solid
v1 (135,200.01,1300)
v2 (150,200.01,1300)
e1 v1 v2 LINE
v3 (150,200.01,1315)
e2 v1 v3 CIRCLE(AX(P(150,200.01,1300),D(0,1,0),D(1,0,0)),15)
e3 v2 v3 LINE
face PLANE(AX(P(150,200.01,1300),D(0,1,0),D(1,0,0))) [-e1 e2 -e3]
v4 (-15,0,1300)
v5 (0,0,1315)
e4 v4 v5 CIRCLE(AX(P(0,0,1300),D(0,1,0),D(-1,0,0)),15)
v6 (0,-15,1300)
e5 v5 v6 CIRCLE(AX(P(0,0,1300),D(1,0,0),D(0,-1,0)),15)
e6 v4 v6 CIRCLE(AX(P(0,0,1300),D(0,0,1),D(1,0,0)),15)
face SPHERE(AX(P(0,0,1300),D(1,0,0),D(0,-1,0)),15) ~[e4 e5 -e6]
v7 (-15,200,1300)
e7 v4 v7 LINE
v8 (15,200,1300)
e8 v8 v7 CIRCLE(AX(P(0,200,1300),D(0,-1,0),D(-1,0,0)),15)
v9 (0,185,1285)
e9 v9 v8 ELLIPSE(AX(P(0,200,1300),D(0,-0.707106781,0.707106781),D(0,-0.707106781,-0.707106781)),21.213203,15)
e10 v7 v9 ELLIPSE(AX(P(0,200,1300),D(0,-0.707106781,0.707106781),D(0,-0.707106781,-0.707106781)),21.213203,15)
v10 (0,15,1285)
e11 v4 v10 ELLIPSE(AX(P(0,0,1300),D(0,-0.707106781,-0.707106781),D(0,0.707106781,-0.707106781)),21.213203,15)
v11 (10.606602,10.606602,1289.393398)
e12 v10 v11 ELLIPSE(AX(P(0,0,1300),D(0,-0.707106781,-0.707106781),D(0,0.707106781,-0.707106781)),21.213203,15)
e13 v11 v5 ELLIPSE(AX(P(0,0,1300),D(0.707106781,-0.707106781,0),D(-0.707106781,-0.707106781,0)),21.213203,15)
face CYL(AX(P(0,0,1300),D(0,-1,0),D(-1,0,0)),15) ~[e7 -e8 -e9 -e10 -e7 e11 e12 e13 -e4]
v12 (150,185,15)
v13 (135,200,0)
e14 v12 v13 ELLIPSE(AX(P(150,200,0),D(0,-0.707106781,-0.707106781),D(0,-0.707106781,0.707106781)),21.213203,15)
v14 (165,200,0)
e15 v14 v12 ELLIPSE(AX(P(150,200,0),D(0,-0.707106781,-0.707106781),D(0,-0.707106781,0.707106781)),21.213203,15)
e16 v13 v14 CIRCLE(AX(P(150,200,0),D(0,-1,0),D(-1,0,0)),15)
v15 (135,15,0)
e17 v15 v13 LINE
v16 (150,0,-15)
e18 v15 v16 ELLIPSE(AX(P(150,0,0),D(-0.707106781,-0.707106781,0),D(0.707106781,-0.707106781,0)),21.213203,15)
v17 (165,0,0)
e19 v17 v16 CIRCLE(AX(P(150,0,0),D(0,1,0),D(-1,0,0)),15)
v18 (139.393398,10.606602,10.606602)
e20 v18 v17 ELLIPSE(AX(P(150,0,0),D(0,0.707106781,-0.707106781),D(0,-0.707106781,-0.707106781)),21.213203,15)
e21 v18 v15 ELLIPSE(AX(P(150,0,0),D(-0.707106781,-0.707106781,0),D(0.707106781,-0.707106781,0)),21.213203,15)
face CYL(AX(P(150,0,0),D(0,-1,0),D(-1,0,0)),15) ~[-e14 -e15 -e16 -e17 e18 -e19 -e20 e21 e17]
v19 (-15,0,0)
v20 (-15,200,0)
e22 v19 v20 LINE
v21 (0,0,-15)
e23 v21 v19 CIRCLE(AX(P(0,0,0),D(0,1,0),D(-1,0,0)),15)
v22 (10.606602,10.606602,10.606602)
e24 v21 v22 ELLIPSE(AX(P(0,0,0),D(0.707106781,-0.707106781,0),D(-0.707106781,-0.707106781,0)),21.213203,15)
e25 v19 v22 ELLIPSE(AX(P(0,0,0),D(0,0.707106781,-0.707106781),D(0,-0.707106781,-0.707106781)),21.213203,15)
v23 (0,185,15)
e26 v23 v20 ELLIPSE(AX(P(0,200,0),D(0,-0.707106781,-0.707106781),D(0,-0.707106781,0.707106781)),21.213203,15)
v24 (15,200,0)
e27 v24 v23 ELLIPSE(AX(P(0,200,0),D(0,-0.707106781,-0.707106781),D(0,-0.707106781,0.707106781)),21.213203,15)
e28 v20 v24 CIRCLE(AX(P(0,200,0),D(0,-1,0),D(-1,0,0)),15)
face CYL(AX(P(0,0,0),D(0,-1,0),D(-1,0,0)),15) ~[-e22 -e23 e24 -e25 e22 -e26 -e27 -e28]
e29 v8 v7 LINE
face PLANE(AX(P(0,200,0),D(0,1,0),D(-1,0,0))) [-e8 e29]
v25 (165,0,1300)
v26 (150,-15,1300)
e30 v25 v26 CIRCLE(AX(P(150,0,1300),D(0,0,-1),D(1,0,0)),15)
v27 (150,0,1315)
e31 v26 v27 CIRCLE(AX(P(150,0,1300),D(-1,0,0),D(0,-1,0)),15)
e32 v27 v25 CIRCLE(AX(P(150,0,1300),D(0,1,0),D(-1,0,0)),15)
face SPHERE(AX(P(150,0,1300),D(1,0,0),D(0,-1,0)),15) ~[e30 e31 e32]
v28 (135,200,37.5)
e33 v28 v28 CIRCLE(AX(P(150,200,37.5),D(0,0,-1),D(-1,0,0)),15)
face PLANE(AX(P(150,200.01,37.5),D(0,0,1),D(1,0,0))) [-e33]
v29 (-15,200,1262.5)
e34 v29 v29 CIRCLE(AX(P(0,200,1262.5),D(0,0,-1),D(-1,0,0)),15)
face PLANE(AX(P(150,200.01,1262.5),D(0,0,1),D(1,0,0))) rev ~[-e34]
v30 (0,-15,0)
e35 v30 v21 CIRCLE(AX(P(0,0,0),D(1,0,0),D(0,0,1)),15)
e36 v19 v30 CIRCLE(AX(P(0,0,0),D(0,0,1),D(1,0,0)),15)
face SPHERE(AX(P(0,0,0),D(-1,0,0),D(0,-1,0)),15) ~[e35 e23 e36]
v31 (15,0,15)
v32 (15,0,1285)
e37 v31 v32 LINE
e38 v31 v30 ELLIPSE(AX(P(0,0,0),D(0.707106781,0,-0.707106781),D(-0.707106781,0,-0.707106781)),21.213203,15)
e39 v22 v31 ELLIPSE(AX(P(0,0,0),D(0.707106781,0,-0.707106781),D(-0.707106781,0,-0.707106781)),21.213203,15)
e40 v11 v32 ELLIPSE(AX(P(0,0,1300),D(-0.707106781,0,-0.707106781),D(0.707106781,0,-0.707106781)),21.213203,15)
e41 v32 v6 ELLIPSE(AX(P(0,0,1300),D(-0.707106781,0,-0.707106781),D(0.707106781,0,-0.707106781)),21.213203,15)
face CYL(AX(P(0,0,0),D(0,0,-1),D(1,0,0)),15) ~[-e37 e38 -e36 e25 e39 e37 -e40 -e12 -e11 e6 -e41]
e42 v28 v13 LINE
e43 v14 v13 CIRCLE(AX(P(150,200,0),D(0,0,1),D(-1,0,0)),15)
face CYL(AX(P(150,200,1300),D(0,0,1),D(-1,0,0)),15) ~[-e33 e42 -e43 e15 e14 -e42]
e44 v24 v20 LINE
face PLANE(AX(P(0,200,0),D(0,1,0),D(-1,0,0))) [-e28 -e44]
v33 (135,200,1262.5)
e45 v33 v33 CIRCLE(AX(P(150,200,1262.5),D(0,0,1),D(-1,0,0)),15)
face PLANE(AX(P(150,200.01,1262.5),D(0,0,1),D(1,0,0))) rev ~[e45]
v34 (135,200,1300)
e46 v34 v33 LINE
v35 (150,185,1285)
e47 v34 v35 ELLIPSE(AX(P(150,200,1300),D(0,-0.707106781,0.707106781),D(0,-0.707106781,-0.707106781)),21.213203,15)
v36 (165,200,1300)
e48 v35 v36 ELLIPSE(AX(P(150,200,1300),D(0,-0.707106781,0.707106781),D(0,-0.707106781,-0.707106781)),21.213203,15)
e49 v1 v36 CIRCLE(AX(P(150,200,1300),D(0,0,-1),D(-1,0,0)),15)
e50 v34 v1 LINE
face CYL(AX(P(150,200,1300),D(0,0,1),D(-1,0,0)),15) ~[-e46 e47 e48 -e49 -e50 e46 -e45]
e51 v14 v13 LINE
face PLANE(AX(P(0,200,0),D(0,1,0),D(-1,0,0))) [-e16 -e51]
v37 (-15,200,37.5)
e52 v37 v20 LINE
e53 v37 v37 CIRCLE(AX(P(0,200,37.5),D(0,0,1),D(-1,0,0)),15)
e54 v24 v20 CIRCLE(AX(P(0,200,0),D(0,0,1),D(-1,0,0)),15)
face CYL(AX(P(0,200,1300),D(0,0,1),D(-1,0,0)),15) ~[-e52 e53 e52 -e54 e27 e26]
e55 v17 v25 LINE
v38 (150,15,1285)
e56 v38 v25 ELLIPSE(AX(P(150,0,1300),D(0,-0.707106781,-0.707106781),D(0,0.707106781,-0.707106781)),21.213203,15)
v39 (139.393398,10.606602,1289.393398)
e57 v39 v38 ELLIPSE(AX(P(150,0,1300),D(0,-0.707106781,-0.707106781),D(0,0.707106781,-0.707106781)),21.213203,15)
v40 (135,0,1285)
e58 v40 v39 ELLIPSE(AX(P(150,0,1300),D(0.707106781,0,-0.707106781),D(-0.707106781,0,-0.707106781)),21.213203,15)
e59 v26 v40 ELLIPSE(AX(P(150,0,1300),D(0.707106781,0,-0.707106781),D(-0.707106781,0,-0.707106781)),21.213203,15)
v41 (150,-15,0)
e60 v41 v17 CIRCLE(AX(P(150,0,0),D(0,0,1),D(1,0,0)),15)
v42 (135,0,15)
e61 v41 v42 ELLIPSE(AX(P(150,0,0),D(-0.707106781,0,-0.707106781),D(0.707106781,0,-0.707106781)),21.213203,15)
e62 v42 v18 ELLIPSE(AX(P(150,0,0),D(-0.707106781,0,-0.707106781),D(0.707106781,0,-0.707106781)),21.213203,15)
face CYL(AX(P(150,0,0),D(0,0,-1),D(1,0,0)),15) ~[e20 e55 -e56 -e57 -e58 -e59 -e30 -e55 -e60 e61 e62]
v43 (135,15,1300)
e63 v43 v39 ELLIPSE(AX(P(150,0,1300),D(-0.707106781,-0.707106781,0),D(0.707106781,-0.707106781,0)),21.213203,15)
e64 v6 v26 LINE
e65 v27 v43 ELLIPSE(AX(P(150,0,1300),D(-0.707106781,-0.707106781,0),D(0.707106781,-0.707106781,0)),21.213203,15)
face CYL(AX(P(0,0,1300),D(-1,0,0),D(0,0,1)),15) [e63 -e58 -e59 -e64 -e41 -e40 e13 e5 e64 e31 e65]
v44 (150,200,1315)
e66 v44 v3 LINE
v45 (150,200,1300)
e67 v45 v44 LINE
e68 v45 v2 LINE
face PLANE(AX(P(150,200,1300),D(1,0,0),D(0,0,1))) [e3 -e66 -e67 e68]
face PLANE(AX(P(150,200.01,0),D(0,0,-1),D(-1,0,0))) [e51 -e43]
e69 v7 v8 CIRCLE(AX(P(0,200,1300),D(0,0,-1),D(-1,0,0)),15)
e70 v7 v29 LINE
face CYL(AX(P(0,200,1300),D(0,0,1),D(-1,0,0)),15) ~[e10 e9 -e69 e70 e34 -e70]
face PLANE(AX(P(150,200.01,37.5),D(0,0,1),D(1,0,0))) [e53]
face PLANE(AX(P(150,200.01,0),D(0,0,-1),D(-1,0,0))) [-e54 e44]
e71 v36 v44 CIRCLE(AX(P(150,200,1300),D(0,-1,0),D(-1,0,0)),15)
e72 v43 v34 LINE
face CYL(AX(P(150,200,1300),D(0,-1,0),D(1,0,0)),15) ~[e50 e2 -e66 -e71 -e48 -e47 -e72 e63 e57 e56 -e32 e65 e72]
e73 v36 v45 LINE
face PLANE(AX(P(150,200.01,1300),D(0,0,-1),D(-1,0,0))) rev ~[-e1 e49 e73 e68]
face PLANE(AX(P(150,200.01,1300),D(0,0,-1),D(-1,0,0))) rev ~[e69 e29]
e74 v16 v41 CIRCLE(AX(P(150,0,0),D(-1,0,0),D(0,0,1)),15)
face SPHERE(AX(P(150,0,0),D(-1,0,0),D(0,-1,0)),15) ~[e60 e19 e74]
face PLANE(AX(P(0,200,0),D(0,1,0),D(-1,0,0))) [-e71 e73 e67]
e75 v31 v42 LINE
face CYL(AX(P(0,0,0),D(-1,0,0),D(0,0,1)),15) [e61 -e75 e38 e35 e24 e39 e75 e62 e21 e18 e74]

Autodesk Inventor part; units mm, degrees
sketch "Sketch1" plane through (0, 0, 0) normal (0, 0, 1) x (1, 0, 0)
  circle A0 centre (0, 0) radius 15
  circle A1 centre (150, 0) radius 15
  line L0 (0, 0) -> (150, 0)
  dimension "d0" = 30
  dimension "d3" = 30
  dimension "d4" = 150
extrude "Extrusion1" add sketch "Sketch1" along normal blind 1300
sketch "Sketch2" plane through (0, 0, 0) normal (0, 1, 0) x (-1, 0, 0)
  line L0 (15, 1300) -> (-15, 1300) projected
  line L1 (-15, 0) -> (15, 0) projected
  line L2 (-135, 1300) -> (-165, 1300) projected
  line L3 (-165, 0) -> (-135, 0) projected
  circle A0 centre (0, 0) radius 15
  line L4 (-165, 0) -> (-135, 0) projected
  circle A1 centre (-150, 0) radius 15
  line L5 (15, 1300) -> (-15, 1300) projected
  circle A2 centre (0, 1300) radius 15
  line L6 (-135, 1300) -> (-165, 1300) projected
  circle A3 centre (-150, 1300) radius 15
extrude "Extrusion2" add sketch "Sketch2" along normal blind 200
sketch "Sketch3" plane through (0, 0, 1300) normal (0, 0, 1) x (1, 0, 0)
  line L0 (135, 0) -> (165, 0) projected
  line L1 (165, 0) -> (135, 0) projected
  arc A0 (135, 0) -> (165, 0) centre (150, 0) ccw projected
  line L2 (15, 0) -> (-15, 0) projected
  arc A1 (-15, 0) -> (15, 0) centre (0, 0) ccw projected
  circle A2 centre (150, 0) radius 15
  line L3 (165, 0) -> (135, 0)
  circle A3 centre (0, 0) radius 15
  line L4 (15, 0) -> (-15, 0)
revolve "Revolution1" add sketch "Sketch3" angle 90 about axis through (135, 0, 1300) along (-1, 0, 0) contours L0 A0 | A1 L2
sketch "Sketch4" plane through (0, 0, 0) normal (0, 0, -1) x (-1, 0, 0)
  line L0 (15, 0) -> (-15, 0) projected
  arc A0 (-15, 0) -> (15, 0) centre (0, 0) ccw projected
  line L1 (-135, 0) -> (-165, 0) projected
  arc A1 (-165, 0) -> (-135, 0) centre (-150, 0) ccw projected
  circle A2 centre (0, 0) radius 15
  circle A3 centre (-150, 0) radius 15
  line L2 (-165, 0) -> (-135, 0)
  line L3 (15, 0) -> (-15, 0)
revolve "Revolution2" add sketch "Sketch4" angle 90 about axis through (-15, 0, 0) along (1, 0, 0) contours A0 L0 | A1 L1
sketch "Sketch5" plane through (150, 200, 1300) normal (0, 1, 0) x (1, 0, 0)
  circle A0 centre (0, 0) radius 15 projected
  circle A1 centre (0, 0) radius 15
  line L0 (-15, 0) -> (0, 0)
  line L1 (0, 0) -> (0, -15)
  point P0 (-150, 1300)
  point P1 (15, 0)
extrude "Extrusion4" add sketch "Sketch5" along normal blind 0.01 contours L0 L1 A0 picked at (-1.1126, -9.8746)
ref_plane "Work Plane1" through (150, 200.01, 1300) normal (0, 0, -1) x (-1, 0, 0)
sketch "Sketch6" plane through (150, 200.01, 1300) normal (0, 0, -1) x (-1, 0, 0)
  line L0 (15, -0.01) -> (-15, -0.01) projected
  line L1 (165, -0.01) -> (135, -0.01) projected
  circle A0 centre (150, -0.01) radius 15
  circle A1 centre (0, -0.01) radius 15
  point P0 (150, -200.01)
extrude "Extrusion5" add sketch "Sketch6" along normal blind 1300
ref_plane "Work Plane2" through (150, 200.01, 650) normal (0, 0, 1) x (1, 0, 0)
sketch "Sketch7" plane through (150, 200.01, 650) normal (0, 0, 1) x (1, 0, 0)
  arc A0 (15, -0.01) -> (-15, -0.01) centre (0, -0.01) ccw projected
  arc A1 (-15, -0.01) -> (15, -0.01) centre (0, -0.01) ccw projected
  line L0 (15, -0.01) -> (-15, -0.01) projected
  arc A2 (15, -200.01) -> (-15, -200.01) centre (0, -200.01) ccw projected
  line L1 (-15, -200.01) -> (15, -200.01) projected
  circle A3 centre (0, -0.01) radius 15
  line L2 (-165, -0.01) -> (-135, -0.01) projected
  arc A4 (-135, -0.01) -> (-165, -0.01) centre (-150, -0.01) ccw projected
  arc A5 (-165, -0.01) -> (-135, -0.01) centre (-150, -0.01) ccw projected
  line L3 (-135, -0.01) -> (-165, -0.01) projected
  arc A6 (-135, -200.01) -> (-165, -200.01) centre (-150, -200.01) ccw projected
  line L4 (-165, -200.01) -> (-135, -200.01) projected
  circle A7 centre (-150, -0.01) radius 15
extrude "Extrusion6" cut sketch "Sketch7" along normal mid plane 1225 contours L0 A0 | A1 L0 | A4 L2 | L2 A5
ref_plane "Work Plane3" through (0, 0, -10) normal (-1, 0, 0) x (0, 0, 1)
sketch "Sketch8" plane through (0, 0, -10) normal (-1, 0, 0) x (0, 0, 1)
  line L0 (1310, 0) -> (1310, 0) projected
  line L1 (1310, 0) -> (1310, 0) projected
  line L2 (10, 0) -> (10, 0) projected
  line L3 (10, 0) -> (10, 0) projected
  line L4 (10, 200) -> (10, 200) projected
  line L5 (10, 200) -> (10, 200) projected
  line L6 (10, 0) -> (10, 0) projected
  line L7 (10, 0) -> (10, 0) projected
  line L8 (25, 15) -> (1295, 15) projected
  line L9 (10, -15) -> (1310, -15) projected
  line L10 (10, 0) -> (10, -15) projected
  line L11 (10, 0) -> (25, 15) projected
  line L12 (25, 15) -> (25, 185) projected
  line L13 (-5, 0) -> (-5, 200) projected
  line L14 (-5, 0) -> (10, 0) projected
  line L15 (1295, 15) -> (1310, 0) projected
  line L16 (1310, 0) -> (1325, 0) projected
  line L17 (1310, -15) -> (1310, 0) projected
  line L18 (1325, 0) -> (1325, 200) projected
  line L19 (1295, 15) -> (1295, 185) projected
  arc A0 (1310, -15) -> (1325, 0) centre (1310, 0) ccw projected
  line L20 (10, 0) -> (10, 0) projected
  line L21 (10, 0) -> (10, 0) projected
  arc A1 (-5, 0) -> (10, -15) centre (10, 0) ccw projected
  circle A2 centre (10, 0) radius 15
  circle A3 centre (1310, 0) radius 15
extrude "Extrusion7" add sketch "Sketch8" against normal blind 150 contours A2 L10 L11 | L11 L14 A2 | A3 L16 L15 | L15 L17 A3 | L10 A1 L14 | L16 A0 L17
properties part number "Y_Rail_Bridge-Rod-Rev1"
